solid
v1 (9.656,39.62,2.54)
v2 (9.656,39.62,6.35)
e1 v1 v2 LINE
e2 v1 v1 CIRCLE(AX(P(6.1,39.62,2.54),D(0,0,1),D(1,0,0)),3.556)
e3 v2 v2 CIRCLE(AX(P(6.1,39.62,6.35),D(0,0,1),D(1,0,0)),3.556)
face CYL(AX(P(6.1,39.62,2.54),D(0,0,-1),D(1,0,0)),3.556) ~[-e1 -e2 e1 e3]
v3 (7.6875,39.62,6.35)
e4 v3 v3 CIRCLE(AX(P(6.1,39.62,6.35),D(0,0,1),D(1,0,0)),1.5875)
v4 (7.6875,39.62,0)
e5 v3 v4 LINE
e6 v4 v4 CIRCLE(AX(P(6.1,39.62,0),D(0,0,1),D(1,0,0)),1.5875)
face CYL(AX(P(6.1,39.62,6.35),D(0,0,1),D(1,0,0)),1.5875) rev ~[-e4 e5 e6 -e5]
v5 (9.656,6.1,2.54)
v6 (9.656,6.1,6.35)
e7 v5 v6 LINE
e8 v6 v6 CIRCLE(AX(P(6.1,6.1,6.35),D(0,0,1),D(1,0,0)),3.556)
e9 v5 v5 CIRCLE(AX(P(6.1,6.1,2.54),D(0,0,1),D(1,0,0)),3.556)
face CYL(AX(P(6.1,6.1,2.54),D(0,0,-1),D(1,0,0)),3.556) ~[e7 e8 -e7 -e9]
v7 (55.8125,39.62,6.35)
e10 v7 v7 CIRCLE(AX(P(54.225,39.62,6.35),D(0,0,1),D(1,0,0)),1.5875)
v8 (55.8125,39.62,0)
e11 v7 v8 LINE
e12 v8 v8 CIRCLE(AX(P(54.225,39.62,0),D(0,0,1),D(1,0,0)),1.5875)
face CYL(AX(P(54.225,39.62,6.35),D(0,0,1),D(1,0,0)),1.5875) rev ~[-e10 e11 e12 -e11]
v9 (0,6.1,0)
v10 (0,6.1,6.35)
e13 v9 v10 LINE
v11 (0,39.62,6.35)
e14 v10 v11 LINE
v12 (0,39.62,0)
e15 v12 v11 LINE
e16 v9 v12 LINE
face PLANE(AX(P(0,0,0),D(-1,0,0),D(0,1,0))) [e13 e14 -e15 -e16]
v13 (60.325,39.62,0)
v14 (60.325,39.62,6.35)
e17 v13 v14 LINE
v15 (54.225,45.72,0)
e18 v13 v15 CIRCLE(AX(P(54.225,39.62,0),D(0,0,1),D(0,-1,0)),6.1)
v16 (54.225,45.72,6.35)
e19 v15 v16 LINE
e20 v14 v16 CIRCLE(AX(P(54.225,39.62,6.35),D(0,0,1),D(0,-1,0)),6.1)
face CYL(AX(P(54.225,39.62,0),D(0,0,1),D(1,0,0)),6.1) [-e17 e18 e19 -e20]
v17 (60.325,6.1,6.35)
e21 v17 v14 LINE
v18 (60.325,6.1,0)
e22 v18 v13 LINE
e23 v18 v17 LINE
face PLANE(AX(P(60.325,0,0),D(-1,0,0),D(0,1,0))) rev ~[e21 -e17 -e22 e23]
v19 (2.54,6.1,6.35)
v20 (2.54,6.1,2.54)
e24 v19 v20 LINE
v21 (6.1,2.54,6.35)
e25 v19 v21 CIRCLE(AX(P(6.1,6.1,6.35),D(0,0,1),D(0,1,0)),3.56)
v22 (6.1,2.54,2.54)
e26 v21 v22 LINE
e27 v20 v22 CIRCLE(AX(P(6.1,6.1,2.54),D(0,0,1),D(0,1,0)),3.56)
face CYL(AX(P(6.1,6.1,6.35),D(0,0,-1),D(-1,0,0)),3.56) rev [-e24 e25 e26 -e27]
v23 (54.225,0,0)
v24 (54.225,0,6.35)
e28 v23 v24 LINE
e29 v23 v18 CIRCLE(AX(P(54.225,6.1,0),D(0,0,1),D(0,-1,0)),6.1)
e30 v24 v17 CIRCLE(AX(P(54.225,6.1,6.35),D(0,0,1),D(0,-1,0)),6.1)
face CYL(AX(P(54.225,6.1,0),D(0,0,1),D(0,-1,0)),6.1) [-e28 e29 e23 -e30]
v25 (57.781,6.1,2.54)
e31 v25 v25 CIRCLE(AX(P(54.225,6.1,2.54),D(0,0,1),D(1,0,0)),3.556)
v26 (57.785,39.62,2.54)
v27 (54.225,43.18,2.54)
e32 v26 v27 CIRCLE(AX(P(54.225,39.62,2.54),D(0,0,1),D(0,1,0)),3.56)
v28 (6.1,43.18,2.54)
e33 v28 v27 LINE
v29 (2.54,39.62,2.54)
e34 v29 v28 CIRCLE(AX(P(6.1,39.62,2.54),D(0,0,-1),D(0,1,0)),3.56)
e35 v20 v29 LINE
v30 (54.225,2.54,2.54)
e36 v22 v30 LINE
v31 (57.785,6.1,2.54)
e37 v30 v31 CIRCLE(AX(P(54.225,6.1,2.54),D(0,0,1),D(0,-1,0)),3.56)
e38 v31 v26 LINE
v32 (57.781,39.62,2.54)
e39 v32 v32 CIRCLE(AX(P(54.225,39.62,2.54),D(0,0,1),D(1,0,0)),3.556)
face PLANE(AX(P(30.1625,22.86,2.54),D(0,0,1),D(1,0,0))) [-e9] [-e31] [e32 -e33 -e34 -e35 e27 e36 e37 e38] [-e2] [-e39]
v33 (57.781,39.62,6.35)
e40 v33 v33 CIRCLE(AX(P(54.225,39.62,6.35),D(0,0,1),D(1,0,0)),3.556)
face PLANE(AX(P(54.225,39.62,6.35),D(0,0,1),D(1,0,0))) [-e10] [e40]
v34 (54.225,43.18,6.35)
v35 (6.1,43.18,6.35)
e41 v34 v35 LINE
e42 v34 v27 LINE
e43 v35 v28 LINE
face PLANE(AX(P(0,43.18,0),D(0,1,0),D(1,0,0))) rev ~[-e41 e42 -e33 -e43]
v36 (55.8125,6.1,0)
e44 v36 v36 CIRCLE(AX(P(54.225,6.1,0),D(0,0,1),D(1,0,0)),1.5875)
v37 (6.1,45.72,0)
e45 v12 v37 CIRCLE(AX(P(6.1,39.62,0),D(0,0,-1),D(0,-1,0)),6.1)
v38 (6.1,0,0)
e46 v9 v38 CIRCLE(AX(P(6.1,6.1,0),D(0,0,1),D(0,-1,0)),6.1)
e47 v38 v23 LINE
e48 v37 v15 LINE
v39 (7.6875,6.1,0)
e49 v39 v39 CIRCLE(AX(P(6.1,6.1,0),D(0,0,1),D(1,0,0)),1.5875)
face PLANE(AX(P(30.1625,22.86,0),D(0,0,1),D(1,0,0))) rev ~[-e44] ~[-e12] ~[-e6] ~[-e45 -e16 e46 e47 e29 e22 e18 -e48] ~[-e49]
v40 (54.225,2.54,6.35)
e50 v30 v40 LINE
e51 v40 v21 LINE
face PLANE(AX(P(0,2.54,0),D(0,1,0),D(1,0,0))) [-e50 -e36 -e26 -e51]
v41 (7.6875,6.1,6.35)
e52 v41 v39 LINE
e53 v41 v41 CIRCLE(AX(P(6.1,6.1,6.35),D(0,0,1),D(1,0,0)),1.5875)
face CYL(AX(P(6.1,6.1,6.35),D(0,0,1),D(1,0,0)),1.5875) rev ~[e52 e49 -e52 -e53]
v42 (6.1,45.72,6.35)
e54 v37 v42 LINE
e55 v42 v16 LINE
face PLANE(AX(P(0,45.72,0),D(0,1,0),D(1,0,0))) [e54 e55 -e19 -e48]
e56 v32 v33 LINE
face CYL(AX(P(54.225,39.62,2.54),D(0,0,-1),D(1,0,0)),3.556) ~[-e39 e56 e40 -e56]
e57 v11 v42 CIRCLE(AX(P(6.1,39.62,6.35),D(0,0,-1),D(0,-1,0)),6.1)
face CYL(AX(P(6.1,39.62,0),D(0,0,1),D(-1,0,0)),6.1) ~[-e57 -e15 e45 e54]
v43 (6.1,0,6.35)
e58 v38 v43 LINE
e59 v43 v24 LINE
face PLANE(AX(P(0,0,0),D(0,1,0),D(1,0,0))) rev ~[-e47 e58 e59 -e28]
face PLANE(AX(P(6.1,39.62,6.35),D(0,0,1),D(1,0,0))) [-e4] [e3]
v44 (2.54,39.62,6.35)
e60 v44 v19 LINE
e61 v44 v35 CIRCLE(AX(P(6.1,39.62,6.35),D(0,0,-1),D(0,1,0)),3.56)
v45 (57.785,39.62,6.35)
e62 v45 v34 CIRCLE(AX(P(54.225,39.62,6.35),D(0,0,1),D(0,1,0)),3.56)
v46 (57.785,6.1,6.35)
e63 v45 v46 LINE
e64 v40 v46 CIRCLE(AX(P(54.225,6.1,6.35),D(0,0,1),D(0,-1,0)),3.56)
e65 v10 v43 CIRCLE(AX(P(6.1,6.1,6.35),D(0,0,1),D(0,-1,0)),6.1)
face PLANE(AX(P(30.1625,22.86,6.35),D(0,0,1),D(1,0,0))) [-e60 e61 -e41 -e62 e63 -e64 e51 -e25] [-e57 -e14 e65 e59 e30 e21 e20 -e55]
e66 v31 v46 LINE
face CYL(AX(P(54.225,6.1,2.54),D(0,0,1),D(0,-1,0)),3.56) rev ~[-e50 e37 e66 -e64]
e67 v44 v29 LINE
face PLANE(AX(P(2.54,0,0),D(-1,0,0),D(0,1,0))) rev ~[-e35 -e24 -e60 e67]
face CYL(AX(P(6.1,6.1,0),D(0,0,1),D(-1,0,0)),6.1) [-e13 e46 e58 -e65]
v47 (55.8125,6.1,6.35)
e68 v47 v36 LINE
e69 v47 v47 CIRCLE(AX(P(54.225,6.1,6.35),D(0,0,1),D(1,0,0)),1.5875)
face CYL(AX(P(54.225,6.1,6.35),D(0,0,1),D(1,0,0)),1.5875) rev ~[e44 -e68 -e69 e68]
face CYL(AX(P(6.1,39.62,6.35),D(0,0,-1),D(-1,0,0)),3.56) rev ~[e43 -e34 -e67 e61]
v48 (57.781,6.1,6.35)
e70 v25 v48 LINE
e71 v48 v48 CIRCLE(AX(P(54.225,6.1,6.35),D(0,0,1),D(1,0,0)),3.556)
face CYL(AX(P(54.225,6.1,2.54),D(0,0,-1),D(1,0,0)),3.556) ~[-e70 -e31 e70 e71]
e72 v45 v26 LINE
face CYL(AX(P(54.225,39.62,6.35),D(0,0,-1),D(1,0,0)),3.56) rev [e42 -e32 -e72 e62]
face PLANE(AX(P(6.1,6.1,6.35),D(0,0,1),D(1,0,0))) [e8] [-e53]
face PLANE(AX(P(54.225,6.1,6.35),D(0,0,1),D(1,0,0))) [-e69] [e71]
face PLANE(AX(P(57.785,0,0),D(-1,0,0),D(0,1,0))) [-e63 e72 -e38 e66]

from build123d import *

# Parameters (mm, degrees)
SKETCH001_R      = 1.5875
EXTRUDE001_DEPTH = 7.62
SKETCH_R         = 3.556
EXTRUDE_DEPTH    = 3.81
BOX_W            = 60.325
BOX_H            = 45.72
BOX_DEPTH        = 6.35
THICKNESS_T      = -2.54
FILLET_R         = 3.56
FILLET001_R      = 6.1


with BuildPart() as extrude001:
    # Sketch001 (on Face9 of Extrude) → Extrude001 (new body)
    with BuildSketch(Plane.XY.offset(6.35)):
        with Locations((6.1, 39.62)):
            Circle(SKETCH001_R)
        with Locations((54.225, 39.62)):
            Circle(SKETCH001_R)
        with Locations((54.225, 6.1)):
            Circle(SKETCH001_R)
        with Locations((6.1, 6.1)):
            Circle(SKETCH001_R)
    extrude(amount=-EXTRUDE001_DEPTH)


with BuildPart() as extrude_body:
    # Sketch (on Face19 of Fillet001) → Extrude (new body)
    with BuildSketch(Plane.XY.offset(2.54)):
        with Locations((6.1, 39.62)):
            Circle(SKETCH_R)
        with Locations((54.225, 39.62)):
            Circle(SKETCH_R)
        with Locations((54.225, 6.1)):
            Circle(SKETCH_R)
        with Locations((6.1, 6.1)):
            Circle(SKETCH_R)
    extrude(amount=EXTRUDE_DEPTH)


with BuildPart() as cut:
    # Box → Box (new body)
    with BuildSketch(Plane.XY):
        with Locations((30.1625, 22.86)):
            Rectangle(BOX_W, BOX_H)
    extrude(amount=BOX_DEPTH)

    # Thickness
    thickness_openings = [cut.faces().sort_by_distance(p)[0] for p in [
        (30.1625, 22.86, 6.35),
    ]]
    offset(amount=THICKNESS_T, openings=thickness_openings, kind=Kind.INTERSECTION)

    # Fillet
    fillet_edges = [cut.edges().sort_by_distance(p)[0] for p in [
        (2.54, 2.54, 4.445),
        (2.54, 43.18, 4.445),
        (57.785, 2.54, 4.445),
        (57.785, 43.18, 4.445),
    ]]
    fillet(fillet_edges, radius=FILLET_R)

    # Fillet001
    fillet001_edges = [cut.edges().sort_by_distance(p)[0] for p in [
        (0, 0, 3.175),
        (0, 45.72, 3.175),
        (60.325, 0, 3.175),
        (60.325, 45.72, 3.175),
    ]]
    fillet(fillet001_edges, radius=FILLET001_R)

    # Fusion: union Extrude body
    add(extrude_body.part)

    # Cut: cut Extrude001
    add(extrude001.part, mode=Mode.SUBTRACT)


solid = cut.part
